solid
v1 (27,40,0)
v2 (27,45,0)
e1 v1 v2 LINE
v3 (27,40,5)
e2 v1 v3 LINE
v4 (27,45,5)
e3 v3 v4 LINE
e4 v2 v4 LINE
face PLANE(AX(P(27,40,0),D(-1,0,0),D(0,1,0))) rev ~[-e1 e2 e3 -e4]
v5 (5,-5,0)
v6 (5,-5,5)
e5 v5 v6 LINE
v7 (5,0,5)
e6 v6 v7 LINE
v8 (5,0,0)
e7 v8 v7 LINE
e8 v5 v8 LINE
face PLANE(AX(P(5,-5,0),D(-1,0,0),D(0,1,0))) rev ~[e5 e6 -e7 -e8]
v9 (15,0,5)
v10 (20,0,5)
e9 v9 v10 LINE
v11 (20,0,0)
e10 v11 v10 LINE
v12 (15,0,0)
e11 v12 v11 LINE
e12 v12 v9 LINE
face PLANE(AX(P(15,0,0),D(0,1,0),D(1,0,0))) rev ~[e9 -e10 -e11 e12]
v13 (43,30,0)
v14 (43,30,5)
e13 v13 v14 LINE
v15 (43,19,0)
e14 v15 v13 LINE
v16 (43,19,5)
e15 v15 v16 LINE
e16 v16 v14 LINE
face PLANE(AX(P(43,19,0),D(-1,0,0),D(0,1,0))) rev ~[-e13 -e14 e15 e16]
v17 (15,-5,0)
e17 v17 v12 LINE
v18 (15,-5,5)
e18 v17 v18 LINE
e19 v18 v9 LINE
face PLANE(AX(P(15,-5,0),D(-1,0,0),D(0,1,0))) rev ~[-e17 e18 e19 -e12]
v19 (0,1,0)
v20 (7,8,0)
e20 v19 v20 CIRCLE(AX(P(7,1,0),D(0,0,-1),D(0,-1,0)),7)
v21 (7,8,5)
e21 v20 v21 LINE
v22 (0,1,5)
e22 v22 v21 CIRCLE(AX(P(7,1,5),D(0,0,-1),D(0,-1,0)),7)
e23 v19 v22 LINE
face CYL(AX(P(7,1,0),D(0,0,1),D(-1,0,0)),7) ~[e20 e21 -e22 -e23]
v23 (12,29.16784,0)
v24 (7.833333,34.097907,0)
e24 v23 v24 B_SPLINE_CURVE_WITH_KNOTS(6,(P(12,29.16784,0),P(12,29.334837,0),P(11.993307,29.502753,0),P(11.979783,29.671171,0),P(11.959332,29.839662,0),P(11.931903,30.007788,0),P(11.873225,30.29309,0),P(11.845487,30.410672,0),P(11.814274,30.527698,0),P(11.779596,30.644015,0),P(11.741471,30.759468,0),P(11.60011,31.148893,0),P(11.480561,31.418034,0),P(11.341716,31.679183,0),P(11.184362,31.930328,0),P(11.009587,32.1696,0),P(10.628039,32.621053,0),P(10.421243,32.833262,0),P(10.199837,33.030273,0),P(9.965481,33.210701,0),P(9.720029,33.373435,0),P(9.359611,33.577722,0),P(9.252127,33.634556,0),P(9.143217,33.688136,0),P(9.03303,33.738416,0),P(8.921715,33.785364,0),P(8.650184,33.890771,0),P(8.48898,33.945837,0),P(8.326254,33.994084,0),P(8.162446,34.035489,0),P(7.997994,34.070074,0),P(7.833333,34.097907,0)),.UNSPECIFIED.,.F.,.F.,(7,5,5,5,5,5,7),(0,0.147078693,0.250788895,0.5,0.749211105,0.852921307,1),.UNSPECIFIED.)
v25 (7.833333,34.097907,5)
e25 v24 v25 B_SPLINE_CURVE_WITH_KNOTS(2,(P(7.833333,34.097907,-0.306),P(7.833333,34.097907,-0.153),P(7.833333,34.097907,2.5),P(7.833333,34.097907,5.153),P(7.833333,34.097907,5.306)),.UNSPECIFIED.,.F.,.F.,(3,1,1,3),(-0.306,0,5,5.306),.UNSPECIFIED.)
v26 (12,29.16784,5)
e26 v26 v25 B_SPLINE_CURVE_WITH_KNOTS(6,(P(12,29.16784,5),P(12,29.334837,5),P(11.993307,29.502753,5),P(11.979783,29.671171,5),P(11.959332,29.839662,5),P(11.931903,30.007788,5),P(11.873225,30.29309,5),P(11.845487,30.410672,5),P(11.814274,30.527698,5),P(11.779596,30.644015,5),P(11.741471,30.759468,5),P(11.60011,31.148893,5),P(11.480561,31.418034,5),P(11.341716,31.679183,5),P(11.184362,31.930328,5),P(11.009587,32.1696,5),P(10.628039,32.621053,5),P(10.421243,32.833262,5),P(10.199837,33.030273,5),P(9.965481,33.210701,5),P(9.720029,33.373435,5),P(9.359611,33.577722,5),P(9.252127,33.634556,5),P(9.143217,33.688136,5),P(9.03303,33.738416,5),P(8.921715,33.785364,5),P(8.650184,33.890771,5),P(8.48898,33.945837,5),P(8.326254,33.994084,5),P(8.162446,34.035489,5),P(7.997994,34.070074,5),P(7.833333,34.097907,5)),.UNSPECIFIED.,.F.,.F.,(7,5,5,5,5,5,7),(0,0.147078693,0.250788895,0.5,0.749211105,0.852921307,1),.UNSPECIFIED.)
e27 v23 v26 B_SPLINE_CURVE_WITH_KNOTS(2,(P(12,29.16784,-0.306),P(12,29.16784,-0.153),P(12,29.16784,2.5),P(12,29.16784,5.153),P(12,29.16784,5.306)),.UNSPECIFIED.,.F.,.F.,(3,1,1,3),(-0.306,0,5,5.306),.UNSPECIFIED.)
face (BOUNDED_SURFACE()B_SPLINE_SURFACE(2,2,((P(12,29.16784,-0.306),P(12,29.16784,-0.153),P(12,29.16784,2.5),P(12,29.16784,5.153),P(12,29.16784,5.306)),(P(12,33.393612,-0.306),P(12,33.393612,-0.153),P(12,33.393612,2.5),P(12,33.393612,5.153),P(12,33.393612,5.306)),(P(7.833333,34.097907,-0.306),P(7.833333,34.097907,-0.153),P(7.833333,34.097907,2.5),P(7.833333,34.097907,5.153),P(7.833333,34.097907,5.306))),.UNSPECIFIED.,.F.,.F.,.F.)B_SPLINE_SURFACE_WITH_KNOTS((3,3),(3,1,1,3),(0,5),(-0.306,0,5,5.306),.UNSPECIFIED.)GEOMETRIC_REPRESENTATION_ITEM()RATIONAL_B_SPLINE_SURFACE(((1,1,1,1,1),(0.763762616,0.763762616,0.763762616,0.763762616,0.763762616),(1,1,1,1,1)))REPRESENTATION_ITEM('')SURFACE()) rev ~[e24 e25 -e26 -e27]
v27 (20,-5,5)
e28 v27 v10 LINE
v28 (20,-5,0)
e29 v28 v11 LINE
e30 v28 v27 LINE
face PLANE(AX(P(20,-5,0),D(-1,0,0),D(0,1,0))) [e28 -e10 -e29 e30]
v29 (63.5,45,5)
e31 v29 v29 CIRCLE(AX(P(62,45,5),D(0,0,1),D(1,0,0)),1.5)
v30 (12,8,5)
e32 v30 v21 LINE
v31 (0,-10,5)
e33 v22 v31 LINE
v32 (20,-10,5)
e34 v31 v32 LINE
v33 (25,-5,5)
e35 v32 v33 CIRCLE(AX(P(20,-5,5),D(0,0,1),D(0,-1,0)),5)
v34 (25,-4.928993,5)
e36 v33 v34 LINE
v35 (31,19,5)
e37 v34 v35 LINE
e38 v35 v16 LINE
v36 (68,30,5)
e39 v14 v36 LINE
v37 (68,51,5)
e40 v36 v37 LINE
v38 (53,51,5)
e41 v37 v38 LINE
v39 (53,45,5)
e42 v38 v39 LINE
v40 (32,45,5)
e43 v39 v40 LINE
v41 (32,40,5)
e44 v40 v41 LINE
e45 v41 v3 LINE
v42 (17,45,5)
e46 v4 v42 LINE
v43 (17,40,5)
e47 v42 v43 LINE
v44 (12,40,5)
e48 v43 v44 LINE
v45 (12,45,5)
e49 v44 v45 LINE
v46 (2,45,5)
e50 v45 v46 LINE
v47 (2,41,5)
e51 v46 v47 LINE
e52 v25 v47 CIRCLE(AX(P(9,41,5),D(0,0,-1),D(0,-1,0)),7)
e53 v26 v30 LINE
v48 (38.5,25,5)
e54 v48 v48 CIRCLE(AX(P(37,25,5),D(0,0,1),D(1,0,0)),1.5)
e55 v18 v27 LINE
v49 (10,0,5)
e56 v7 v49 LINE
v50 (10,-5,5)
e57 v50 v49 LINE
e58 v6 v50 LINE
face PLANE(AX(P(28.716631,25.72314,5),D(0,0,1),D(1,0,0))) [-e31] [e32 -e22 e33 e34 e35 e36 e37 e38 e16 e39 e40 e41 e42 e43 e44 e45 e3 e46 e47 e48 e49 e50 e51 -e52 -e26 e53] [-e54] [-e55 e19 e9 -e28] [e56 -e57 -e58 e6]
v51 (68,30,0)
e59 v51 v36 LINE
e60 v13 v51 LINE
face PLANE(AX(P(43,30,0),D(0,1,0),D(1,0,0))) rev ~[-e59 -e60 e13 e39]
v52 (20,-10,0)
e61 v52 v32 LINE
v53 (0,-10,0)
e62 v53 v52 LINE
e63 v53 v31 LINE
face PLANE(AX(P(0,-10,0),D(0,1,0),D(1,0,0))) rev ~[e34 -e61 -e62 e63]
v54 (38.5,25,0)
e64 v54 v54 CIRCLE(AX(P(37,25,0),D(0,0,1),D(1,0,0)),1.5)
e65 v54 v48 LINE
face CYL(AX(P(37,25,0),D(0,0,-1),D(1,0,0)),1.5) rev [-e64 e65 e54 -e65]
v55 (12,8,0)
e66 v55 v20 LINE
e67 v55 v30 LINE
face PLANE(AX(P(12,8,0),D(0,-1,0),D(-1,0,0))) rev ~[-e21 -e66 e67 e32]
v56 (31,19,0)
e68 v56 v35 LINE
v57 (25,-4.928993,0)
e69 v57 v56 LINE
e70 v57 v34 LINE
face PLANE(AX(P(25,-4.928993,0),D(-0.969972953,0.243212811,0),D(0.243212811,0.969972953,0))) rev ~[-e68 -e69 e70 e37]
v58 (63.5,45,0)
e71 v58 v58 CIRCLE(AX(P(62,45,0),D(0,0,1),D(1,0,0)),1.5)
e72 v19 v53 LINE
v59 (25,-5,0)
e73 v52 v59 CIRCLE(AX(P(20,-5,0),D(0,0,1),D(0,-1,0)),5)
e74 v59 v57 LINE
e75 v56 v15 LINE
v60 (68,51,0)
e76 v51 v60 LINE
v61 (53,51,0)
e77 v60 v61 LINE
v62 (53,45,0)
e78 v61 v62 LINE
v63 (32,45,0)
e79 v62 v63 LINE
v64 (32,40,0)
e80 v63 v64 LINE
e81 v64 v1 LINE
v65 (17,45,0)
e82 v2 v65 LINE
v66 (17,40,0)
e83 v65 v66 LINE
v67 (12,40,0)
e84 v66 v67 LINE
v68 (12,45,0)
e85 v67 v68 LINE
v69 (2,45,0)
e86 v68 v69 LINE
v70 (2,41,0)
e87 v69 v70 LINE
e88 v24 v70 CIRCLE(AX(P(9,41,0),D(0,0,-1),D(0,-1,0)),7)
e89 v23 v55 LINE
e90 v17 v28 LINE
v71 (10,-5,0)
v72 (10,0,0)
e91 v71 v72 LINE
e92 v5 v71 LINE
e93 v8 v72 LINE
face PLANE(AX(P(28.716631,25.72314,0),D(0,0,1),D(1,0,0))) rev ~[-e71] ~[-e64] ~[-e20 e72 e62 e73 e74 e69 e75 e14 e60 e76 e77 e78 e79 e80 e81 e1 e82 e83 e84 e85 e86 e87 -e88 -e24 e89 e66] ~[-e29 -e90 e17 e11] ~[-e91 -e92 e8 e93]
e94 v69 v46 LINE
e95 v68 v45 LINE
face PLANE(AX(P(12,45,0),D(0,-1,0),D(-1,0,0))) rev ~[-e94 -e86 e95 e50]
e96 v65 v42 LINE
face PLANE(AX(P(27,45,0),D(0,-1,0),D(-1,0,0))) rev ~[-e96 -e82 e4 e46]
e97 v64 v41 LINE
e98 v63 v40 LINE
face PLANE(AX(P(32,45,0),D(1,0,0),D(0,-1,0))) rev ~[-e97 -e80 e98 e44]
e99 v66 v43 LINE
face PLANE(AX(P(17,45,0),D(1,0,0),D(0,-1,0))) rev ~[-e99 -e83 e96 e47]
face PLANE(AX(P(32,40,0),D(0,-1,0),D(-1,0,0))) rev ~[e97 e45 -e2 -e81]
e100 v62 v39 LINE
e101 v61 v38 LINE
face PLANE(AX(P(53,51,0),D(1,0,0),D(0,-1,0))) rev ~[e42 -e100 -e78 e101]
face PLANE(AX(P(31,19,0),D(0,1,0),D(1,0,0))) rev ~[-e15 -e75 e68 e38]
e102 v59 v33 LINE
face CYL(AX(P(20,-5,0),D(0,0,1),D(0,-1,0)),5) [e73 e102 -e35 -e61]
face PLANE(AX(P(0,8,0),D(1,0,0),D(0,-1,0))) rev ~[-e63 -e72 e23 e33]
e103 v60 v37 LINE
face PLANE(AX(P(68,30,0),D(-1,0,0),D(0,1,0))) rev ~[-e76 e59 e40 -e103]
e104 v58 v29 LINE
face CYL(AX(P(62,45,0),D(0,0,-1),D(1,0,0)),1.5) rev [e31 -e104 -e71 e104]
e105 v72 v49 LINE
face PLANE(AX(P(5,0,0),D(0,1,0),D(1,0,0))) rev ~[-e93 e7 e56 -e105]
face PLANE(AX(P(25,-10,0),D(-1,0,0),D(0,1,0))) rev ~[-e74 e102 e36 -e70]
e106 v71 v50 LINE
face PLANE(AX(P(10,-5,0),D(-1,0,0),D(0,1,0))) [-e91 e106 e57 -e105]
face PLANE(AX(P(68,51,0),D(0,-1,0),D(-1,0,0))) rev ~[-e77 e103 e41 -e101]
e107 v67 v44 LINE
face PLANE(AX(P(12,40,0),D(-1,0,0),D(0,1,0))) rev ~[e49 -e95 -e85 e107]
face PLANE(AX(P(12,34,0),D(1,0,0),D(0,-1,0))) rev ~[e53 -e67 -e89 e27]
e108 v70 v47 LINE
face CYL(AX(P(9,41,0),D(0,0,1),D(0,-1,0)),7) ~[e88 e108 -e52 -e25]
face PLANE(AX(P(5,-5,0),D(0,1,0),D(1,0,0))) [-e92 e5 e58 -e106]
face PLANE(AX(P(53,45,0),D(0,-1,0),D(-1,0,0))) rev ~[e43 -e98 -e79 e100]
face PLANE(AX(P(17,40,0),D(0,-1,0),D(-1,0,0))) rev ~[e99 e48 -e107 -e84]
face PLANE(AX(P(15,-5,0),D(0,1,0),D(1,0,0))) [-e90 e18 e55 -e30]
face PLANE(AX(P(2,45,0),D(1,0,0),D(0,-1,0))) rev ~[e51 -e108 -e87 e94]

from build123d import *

# Parameters (mm, degrees)
ESQUISSE1_R        = 1.5
ESQUISSE1_W        = 5
ESQUISSE1_H        = 5
BOSS_EXTRU_1_DEPTH = 5
CONG_1_R           = 7
CONG_2_R           = 5
CONG_3_R           = 5


with BuildPart() as part:
    # Esquisse1 → Boss.-Extru.1 (new body)
    with BuildSketch(Plane.XY):
        Polygon((31, 19), (43, 19), (43, 30), (68, 30), (68, 51), (53, 51), (53, 45), (32, 45), (32, 40), (27, 40), (27, 45), (17, 45), (17, 40), (12, 40), (12, 45), (2, 45), (2, 40), (2, 34), (12, 34), (12, 8), (0, 8), (0, 0), (0, -5.810046935), (0, -10), (25, -10), (25, -4.928993292), align=None)
        with Locations((62, 45)):
            Circle(ESQUISSE1_R, mode=Mode.SUBTRACT)
        with Locations((37, 25)):
            Circle(ESQUISSE1_R, mode=Mode.SUBTRACT)
        with Locations((7.5, -2.5)):
            Rectangle(ESQUISSE1_W, ESQUISSE1_H, mode=Mode.SUBTRACT)
        with Locations((17.5, -2.5)):
            Rectangle(ESQUISSE1_W, ESQUISSE1_H, mode=Mode.SUBTRACT)
    extrude(amount=BOSS_EXTRU_1_DEPTH)

    # Congé1
    cong_1_edges = [part.edges().sort_by_distance(p)[0] for p in [
        (0, 8, 2.5),
        (2, 34, 2.5),
    ]]
    fillet(cong_1_edges, radius=CONG_1_R)

    # Congé2
    cong_2_edges = [part.edges().sort_by_distance(p)[0] for p in [
        (12, 34, 2.5),
    ]]
    fillet(cong_2_edges, radius=CONG_2_R)

    # Congé3
    cong_3_edges = [part.edges().sort_by_distance(p)[0] for p in [
        (25, -10, 2.5),
    ]]
    fillet(cong_3_edges, radius=CONG_3_R)


solid = part.part
